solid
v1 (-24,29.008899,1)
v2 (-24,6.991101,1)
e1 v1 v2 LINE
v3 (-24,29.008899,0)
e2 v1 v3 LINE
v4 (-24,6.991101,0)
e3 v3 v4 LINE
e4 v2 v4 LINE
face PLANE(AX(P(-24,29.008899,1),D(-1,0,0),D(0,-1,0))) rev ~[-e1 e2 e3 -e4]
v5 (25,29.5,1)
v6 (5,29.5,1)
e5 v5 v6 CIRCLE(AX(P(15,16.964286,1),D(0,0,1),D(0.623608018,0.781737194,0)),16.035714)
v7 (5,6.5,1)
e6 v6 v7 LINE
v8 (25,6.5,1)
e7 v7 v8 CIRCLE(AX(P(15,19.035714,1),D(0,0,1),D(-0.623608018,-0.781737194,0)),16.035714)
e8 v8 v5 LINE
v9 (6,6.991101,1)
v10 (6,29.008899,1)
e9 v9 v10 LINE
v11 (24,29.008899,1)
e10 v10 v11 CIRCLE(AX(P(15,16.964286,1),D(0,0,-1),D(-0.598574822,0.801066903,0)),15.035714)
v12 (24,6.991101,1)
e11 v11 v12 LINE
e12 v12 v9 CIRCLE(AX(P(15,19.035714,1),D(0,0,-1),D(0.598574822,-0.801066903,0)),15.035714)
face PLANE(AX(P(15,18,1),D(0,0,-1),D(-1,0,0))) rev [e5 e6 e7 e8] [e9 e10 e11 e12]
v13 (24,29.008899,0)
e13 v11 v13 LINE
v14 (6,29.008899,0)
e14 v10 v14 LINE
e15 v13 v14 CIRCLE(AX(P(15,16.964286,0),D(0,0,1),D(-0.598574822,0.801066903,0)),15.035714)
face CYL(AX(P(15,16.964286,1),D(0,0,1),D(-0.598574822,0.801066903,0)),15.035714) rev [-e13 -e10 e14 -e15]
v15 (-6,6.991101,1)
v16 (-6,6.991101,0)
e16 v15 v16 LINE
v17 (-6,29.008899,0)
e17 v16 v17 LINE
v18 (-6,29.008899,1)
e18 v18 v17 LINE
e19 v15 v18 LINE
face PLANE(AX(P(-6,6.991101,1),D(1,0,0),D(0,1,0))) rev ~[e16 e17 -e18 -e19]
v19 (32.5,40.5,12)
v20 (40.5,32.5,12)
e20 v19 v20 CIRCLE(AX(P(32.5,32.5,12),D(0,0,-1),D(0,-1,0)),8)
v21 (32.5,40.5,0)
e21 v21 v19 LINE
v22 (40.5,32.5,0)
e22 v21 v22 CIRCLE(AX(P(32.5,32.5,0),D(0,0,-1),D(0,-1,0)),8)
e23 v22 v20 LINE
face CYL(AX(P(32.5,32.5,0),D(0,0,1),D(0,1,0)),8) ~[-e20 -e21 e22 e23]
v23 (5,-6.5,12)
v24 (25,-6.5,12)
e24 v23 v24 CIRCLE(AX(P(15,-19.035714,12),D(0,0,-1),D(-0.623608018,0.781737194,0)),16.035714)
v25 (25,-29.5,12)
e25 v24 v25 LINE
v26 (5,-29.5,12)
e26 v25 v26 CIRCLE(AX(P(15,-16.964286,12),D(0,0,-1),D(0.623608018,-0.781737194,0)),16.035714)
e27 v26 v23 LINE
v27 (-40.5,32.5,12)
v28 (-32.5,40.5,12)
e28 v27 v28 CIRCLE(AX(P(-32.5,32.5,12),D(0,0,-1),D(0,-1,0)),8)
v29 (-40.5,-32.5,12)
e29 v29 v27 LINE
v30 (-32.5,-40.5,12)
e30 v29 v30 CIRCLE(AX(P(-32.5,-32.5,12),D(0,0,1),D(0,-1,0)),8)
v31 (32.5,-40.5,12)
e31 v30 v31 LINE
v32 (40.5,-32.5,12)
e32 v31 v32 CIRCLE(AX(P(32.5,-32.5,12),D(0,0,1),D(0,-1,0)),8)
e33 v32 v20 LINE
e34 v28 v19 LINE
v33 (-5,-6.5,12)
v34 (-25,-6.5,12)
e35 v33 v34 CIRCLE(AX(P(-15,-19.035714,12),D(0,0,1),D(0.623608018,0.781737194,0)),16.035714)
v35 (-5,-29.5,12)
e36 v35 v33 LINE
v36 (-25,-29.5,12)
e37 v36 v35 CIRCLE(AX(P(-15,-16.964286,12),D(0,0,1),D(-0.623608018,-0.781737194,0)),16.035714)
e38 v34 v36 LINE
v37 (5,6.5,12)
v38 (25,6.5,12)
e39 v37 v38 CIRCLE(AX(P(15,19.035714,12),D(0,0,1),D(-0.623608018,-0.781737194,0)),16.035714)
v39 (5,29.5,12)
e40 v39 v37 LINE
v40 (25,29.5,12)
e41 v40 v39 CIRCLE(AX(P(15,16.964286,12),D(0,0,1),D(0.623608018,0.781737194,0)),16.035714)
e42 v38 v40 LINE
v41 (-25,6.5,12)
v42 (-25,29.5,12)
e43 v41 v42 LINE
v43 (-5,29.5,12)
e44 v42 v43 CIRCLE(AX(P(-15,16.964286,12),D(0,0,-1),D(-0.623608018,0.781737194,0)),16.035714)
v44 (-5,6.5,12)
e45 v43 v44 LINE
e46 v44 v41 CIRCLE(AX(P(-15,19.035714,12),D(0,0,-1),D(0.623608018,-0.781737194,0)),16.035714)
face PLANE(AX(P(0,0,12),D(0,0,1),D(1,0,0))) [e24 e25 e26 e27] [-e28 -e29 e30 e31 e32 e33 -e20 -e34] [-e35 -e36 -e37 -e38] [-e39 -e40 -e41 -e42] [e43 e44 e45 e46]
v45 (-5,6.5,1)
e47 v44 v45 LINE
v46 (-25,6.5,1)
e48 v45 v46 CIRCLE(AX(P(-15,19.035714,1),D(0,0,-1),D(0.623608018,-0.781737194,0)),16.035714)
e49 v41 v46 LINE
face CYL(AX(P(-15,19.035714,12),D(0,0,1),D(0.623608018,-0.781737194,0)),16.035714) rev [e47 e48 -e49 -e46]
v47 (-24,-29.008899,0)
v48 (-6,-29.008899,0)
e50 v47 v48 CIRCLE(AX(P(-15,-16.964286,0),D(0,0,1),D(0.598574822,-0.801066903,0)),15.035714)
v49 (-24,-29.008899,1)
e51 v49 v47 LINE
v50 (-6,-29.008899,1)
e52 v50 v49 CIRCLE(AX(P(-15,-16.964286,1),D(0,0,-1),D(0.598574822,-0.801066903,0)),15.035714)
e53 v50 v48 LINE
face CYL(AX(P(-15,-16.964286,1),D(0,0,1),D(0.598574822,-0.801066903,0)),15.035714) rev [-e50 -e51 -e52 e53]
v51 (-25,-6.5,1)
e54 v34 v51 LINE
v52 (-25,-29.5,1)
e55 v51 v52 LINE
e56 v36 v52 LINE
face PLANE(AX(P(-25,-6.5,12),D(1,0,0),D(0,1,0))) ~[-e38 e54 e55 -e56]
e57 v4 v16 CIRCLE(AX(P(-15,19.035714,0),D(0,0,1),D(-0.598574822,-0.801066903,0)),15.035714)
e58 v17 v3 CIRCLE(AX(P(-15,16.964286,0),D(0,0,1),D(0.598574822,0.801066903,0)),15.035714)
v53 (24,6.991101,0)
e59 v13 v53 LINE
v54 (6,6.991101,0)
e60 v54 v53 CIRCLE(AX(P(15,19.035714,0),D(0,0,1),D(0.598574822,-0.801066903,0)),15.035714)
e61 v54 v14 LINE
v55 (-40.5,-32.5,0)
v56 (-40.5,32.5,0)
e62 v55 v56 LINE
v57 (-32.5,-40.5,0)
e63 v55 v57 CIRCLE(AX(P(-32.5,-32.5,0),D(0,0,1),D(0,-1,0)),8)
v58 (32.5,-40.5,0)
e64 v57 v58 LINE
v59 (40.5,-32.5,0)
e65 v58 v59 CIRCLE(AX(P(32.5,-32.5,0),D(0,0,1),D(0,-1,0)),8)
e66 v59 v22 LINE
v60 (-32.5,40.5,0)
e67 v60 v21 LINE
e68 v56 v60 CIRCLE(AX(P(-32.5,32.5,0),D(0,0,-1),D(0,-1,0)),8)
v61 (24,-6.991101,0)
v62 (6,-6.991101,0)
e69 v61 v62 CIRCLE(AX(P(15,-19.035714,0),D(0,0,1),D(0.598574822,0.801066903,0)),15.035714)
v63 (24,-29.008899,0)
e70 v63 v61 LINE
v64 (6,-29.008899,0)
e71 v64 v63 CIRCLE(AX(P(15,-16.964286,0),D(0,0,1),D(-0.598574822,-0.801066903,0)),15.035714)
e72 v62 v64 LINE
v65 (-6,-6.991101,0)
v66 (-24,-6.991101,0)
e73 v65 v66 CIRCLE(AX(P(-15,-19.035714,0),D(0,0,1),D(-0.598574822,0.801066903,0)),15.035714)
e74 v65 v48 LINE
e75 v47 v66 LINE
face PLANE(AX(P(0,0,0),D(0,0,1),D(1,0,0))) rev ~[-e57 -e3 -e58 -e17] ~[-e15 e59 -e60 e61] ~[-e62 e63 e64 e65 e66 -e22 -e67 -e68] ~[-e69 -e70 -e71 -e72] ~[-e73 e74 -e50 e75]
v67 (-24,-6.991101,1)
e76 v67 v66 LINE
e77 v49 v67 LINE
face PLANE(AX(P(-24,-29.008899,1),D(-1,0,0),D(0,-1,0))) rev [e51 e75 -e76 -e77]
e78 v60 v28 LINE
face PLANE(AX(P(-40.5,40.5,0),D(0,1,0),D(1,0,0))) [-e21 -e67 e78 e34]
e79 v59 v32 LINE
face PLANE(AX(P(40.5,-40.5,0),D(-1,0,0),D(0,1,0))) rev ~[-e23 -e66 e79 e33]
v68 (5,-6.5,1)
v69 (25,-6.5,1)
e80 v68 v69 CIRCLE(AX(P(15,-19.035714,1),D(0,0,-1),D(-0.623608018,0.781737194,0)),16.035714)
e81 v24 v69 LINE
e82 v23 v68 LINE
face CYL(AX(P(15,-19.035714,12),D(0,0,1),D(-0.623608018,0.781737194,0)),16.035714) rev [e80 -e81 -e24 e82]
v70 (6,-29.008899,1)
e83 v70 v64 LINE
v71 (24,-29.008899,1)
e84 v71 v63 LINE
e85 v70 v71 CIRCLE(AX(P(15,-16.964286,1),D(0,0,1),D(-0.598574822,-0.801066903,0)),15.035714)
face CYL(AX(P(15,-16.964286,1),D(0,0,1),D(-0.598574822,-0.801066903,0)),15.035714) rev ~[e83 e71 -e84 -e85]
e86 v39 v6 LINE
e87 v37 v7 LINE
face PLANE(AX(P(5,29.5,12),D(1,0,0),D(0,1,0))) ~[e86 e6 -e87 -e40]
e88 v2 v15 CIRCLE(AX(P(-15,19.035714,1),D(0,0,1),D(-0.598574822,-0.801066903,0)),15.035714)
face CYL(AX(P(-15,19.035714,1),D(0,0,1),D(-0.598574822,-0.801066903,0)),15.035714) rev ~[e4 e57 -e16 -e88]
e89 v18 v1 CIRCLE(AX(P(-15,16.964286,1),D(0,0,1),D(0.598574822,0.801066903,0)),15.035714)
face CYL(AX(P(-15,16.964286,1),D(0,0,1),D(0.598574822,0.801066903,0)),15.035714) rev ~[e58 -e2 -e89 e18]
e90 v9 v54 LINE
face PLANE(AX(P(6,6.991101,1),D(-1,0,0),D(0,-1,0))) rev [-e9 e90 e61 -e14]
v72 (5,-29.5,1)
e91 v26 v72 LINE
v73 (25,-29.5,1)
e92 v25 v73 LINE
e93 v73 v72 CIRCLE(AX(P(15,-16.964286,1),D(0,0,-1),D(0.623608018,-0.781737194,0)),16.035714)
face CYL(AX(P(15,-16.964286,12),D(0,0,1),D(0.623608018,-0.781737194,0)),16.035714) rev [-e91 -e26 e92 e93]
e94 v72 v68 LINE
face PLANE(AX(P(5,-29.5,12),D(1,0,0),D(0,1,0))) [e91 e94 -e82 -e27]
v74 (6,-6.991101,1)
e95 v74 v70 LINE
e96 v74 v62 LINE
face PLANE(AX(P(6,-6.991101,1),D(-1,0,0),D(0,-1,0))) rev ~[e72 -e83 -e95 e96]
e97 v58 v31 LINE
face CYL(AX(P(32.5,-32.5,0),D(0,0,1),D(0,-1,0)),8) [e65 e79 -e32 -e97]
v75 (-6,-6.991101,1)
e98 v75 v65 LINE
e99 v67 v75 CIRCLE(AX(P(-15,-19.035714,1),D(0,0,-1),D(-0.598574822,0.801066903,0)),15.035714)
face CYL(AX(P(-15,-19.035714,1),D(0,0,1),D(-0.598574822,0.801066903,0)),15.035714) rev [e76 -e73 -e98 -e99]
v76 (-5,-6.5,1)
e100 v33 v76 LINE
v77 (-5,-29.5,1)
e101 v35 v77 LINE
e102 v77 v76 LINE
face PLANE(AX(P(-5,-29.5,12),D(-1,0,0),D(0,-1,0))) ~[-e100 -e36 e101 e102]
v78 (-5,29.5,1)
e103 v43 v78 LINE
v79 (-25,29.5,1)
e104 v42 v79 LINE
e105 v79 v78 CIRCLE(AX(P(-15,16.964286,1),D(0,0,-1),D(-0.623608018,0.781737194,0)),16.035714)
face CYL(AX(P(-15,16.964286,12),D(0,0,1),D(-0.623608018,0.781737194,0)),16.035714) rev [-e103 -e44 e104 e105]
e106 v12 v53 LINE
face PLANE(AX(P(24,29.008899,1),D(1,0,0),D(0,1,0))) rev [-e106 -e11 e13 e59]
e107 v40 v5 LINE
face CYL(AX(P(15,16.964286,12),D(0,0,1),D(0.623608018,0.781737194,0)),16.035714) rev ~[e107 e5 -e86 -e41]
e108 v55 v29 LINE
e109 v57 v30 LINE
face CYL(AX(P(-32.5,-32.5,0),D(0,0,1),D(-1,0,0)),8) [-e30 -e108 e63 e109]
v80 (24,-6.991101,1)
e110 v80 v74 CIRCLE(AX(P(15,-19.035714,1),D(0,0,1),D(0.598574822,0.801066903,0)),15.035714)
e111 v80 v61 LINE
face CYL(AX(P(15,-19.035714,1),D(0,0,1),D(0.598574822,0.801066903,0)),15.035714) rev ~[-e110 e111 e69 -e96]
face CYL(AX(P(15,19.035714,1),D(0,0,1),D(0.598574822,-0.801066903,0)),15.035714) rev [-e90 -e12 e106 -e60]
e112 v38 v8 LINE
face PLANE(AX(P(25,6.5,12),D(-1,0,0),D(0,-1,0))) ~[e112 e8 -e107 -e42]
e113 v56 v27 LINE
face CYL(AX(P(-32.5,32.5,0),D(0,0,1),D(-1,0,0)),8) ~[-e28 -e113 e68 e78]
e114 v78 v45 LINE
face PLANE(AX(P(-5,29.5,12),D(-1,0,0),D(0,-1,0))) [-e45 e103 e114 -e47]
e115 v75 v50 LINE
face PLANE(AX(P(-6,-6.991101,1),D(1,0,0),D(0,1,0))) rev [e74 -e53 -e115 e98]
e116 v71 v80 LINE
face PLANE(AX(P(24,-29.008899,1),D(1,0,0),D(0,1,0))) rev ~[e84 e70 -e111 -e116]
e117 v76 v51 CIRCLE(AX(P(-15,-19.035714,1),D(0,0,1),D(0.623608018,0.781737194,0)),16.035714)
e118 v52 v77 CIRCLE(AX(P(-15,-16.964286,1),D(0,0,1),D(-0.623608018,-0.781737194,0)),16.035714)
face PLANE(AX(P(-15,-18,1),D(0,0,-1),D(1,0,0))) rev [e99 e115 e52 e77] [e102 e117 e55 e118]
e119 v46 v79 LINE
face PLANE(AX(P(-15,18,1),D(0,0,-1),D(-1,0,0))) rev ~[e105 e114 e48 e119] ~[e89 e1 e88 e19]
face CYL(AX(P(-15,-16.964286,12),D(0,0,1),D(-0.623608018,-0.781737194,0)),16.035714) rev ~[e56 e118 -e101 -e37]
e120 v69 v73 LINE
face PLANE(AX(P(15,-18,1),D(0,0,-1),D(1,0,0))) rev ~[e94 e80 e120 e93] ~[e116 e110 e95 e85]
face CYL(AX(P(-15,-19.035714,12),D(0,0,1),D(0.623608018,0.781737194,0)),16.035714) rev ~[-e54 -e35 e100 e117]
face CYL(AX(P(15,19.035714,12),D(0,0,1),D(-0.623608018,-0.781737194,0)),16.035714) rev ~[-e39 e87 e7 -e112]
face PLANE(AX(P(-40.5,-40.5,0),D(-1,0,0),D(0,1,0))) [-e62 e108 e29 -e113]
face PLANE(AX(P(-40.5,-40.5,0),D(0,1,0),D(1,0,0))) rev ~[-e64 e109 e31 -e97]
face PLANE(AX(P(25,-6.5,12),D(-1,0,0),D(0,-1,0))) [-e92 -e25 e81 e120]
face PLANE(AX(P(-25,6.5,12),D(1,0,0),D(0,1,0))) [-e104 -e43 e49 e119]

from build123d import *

# Parameters (mm, degrees)
SKETCH1_W            = 81
SKETCH1_H            = 81
BOSS_EXTRUDE1_DEPTH  = 12
CUT_EXTRUDE1_DEPTH   = 11
CUT_EXTRUDE2_DEPTH   = 59.322379924
MIRROR3_COPY_1_DEPTH = 11
MIRROR3_COPY_2_DEPTH = 59.322379924
FILLET1_R            = 8


with BuildPart() as part:
    # Sketch1 → Boss-Extrude1 (new body)
    with BuildSketch(Plane.XY):
        Rectangle(SKETCH1_W, SKETCH1_H)
    extrude(amount=BOSS_EXTRUDE1_DEPTH)

    # Sketch2 → Cut-Extrude1 (cut)
    with BuildSketch(Plane.XY.offset(12)):
        with BuildLine():
            Line((-25, 6.5), (-25, 29.5))
            ThreePointArc((-25, 29.5), (-15, 33), (-5, 29.5))
            Line((-5, 29.5), (-5, 6.5))
            ThreePointArc((-5, 6.5), (-15, 3), (-25, 6.5))
        make_face()
    cut_extrude1 = extrude(amount=-CUT_EXTRUDE1_DEPTH, mode=Mode.SUBTRACT)

    # Sketch4 → Cut-Extrude2 (cut, through all)
    with BuildSketch(Plane.XY.offset(1)):
        with BuildLine():
            Line((-6, 6.991101213), (-6, 29.008898787))
            ThreePointArc((-6, 29.008898787), (-15, 32), (-24, 29.008898787))
            Line((-24, 29.008898787), (-24, 6.991101213))
            ThreePointArc((-24, 6.991101213), (-15, 4), (-6, 6.991101213))
        make_face()
    cut_extrude2 = extrude(amount=-CUT_EXTRUDE2_DEPTH, mode=Mode.SUBTRACT)

    # Mirror2: Cut-Extrude1, Cut-Extrude2 across plane
    add(cut_extrude1.mirror(Plane.ZX), mode=Mode.SUBTRACT)
    add(cut_extrude2.mirror(Plane.ZX), mode=Mode.SUBTRACT)

    # Mirror3: Cut-Extrude1, Cut-Extrude2 across plane
    add(cut_extrude1.mirror(Plane(origin=(0, 0, 0), x_dir=(0, 0, 1), z_dir=(1, 0, 0))), mode=Mode.SUBTRACT)
    add(cut_extrude2.mirror(Plane(origin=(0, 0, 0), x_dir=(0, 0, 1), z_dir=(1, 0, 0))), mode=Mode.SUBTRACT)

    # Mirror3 copy 1 sketch → Mirror3 copy 1 (cut)
    with BuildSketch(Plane(origin=(0, 0, 12), x_dir=(-1, 0, 0), z_dir=(0, 0, 1))):
        with BuildLine():
            Line((-25, 6.5), (-25, 29.5))
            ThreePointArc((-25, 29.5), (-15, 33), (-5, 29.5))
            Line((-5, 29.5), (-5, 6.5))
            ThreePointArc((-5, 6.5), (-15, 3), (-25, 6.5))
        make_face()
    extrude(amount=-MIRROR3_COPY_1_DEPTH, mode=Mode.SUBTRACT)

    # Mirror3 copy 2 sketch → Mirror3 copy 2 (cut, through all)
    with BuildSketch(Plane(origin=(0, 0, 1), x_dir=(-1, 0, 0), z_dir=(0, 0, 1))):
        with BuildLine():
            Line((-6, 6.991101213), (-6, 29.008898787))
            ThreePointArc((-6, 29.008898787), (-15, 32), (-24, 29.008898787))
            Line((-24, 29.008898787), (-24, 6.991101213))
            ThreePointArc((-24, 6.991101213), (-15, 4), (-6, 6.991101213))
        make_face()
    extrude(amount=-MIRROR3_COPY_2_DEPTH, mode=Mode.SUBTRACT)

    # Fillet1
    fillet1_edges = [part.edges().sort_by_distance(p)[0] for p in [
        (40.5, -40.5, 6),
        (-40.5, -40.5, 6),
        (-40.5, 40.5, 6),
        (40.5, 40.5, 6),
    ]]
    fillet(fillet1_edges, radius=FILLET1_R)


solid = part.part
